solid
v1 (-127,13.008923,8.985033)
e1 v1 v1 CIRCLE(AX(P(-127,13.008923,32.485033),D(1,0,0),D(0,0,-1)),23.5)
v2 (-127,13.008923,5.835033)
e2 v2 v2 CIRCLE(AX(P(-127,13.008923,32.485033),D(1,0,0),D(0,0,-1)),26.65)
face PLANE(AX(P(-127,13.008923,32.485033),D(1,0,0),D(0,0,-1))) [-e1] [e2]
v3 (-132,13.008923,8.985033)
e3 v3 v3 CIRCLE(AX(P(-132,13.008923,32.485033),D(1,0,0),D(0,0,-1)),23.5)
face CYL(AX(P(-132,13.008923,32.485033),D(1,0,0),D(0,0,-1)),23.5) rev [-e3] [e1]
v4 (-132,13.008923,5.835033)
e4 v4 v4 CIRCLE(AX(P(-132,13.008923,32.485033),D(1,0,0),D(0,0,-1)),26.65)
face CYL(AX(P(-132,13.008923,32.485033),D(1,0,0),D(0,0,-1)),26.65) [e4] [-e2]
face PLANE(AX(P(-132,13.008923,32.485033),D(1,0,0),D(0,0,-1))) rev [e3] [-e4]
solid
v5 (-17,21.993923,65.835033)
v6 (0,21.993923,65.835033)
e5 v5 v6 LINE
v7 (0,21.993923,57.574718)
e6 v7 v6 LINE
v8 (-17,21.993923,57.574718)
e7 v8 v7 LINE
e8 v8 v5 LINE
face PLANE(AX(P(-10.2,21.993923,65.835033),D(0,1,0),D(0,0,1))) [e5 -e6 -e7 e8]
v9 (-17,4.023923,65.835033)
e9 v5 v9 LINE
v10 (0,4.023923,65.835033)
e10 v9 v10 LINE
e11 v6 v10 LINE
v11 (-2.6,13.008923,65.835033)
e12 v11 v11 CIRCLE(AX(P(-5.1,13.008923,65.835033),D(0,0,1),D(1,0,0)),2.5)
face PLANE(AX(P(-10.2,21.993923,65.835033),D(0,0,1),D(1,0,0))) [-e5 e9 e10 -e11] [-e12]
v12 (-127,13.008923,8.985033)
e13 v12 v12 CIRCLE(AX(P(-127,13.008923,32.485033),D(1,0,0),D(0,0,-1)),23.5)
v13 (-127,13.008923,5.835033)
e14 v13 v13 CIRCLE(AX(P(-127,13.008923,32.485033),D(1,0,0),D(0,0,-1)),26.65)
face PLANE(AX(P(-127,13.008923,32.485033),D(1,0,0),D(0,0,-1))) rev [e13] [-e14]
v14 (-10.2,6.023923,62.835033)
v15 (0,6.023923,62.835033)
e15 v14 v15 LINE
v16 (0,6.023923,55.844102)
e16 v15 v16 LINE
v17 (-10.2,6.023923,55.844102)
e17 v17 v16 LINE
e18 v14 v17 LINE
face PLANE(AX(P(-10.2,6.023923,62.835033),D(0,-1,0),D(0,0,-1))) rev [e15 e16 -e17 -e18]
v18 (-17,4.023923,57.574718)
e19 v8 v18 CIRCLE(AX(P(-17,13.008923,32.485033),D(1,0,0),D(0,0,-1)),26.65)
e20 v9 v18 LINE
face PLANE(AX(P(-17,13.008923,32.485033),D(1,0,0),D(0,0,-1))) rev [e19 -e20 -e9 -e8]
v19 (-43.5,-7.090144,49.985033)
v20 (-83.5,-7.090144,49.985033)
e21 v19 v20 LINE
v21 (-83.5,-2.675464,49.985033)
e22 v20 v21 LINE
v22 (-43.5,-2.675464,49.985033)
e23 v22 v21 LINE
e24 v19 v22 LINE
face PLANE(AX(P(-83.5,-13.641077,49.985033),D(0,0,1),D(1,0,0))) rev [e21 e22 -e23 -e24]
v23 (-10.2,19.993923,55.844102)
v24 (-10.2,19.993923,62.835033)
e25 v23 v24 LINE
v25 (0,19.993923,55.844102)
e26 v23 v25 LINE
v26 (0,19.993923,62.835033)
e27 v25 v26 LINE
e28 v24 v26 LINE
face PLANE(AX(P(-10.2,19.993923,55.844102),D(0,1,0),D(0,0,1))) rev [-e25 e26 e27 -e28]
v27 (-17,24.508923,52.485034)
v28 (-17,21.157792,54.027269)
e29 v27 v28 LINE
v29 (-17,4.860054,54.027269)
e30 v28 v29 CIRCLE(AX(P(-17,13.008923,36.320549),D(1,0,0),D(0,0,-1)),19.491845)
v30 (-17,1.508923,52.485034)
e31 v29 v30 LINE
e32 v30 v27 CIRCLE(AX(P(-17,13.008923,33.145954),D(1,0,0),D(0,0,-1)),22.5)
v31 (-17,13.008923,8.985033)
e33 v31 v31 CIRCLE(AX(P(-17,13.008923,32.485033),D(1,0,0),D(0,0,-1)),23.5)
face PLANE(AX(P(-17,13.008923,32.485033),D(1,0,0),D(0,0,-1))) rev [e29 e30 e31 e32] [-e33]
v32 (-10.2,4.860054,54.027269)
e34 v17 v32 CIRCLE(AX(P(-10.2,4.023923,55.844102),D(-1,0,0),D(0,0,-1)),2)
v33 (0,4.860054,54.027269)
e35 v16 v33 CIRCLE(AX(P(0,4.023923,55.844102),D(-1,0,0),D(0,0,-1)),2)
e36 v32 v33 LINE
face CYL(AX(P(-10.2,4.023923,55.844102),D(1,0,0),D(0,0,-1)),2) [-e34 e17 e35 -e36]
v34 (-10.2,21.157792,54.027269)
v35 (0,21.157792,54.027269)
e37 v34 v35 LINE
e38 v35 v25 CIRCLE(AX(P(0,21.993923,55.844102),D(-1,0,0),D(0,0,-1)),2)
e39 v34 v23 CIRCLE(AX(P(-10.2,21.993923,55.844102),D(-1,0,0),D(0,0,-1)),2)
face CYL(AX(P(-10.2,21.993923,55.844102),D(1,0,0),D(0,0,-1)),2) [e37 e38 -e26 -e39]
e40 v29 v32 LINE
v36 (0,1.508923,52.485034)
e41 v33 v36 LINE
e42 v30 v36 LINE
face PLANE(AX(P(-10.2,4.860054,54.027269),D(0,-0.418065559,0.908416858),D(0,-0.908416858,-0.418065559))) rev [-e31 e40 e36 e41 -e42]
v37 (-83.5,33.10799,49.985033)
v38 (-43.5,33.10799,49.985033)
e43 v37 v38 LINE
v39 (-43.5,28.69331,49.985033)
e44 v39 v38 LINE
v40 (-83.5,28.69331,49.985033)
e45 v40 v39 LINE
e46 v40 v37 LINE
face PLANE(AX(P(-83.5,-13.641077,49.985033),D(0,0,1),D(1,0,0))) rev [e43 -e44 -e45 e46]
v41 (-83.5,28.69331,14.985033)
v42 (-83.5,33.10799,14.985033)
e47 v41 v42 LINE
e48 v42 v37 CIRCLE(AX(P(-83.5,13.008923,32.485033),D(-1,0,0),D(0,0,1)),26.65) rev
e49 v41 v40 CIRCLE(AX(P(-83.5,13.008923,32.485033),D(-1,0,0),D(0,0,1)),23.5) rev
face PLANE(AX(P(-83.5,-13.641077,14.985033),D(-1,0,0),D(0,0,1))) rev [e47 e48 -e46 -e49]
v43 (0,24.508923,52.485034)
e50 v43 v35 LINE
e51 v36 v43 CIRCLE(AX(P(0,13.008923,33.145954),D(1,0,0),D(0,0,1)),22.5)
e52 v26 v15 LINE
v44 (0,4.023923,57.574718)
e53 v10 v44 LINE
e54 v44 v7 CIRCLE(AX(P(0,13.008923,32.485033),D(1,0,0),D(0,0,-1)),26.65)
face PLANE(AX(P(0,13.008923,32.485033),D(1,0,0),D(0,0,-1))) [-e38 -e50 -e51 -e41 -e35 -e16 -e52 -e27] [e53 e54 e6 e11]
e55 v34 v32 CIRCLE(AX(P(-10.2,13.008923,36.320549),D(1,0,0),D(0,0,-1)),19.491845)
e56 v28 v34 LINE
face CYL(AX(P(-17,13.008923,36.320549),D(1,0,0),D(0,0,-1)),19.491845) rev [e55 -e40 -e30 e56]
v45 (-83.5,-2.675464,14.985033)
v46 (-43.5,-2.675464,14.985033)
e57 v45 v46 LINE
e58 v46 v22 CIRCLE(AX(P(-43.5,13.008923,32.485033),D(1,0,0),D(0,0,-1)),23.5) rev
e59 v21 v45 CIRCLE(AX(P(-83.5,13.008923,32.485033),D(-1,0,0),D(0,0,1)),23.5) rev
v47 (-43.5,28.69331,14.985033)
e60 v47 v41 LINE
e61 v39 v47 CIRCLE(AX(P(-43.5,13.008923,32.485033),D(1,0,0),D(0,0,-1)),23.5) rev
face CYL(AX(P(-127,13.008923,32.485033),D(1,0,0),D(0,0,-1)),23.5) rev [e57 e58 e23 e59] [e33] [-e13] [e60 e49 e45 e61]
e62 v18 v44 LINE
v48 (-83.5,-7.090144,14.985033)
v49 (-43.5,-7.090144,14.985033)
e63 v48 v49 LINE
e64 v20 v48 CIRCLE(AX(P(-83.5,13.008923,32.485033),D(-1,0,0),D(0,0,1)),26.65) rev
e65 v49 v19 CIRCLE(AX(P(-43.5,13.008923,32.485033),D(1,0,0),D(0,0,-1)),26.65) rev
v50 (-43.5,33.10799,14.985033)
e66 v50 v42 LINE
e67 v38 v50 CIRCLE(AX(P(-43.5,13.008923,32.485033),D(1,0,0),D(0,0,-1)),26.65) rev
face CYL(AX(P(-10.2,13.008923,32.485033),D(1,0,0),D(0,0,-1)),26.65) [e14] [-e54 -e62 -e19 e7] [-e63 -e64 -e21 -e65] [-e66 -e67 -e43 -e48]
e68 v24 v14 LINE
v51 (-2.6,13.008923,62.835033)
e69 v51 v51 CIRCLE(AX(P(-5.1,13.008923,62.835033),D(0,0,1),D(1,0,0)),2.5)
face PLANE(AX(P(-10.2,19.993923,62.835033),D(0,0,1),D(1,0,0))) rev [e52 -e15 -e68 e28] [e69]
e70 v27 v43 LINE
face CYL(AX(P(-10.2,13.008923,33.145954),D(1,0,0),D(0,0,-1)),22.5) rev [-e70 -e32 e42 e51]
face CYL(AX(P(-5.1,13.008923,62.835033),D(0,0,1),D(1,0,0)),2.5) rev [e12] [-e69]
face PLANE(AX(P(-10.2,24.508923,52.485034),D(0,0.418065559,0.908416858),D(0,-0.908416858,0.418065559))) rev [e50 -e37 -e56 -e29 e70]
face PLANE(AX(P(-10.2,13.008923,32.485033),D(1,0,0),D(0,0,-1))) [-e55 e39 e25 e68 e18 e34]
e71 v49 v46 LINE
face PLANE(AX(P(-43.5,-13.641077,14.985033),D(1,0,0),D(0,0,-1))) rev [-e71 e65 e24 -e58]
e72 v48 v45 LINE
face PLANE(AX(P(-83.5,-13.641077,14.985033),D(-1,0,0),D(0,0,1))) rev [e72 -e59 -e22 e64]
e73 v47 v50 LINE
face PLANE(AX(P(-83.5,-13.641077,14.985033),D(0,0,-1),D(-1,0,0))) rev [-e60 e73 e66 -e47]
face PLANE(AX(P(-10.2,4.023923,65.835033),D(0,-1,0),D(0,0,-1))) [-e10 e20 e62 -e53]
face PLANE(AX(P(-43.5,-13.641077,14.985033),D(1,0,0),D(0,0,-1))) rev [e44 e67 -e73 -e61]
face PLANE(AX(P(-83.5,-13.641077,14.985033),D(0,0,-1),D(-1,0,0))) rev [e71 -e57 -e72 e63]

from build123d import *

# Parameters (mm, degrees)
BOSS_EXTRUDE4_DEPTH     = 10.2
CUT_EXTRUDE2_START      = 65.835033
SKETCH6_R               = 2.5
CUT_EXTRUDE2_DEPTH      = 3
BOSS_EXTRUDE2_START     = -10.2
BOSS_EXTRUDE2_DEPTH     = 6.8
BOSS_EXTRUDE3_START     = -17
SKETCH9_R               = 26.65
SKETCH9_R_2             = 23.5
BOSS_EXTRUDE3_DEPTH     = 110
BOSS_EXTRUDE5_START     = -127
SKETCH9_2_R             = 26.65
SKETCH9_2_R_2           = 23.5
BOSS_EXTRUDE5_DEPTH     = 5
CUT_EXTRUDE3_DEPTH      = 153.745152921
CUT_EXTRUDE3_DEPTH_BACK = 153.745152921
SKETCH11_W              = 40
SKETCH11_H              = 35


with BuildPart() as part:
    # Sketch2 → Boss-Extrude4 (new body)
    with BuildSketch(Plane(origin=(0, 0, 0), x_dir=(0, 0, -1), z_dir=(1, 0, 0))):
        with BuildLine():
            Line((-65.835032972, 21.993922963), (-65.835032972, 4.023922963))
            Line((-65.835032972, 4.023922963), (-57.574717605, 4.023922963))
            ThreePointArc((-57.574717605, 4.023922963), (-5.835032972, 13.008922963), (-57.574717605, 21.993922963))
            Line((-57.574717605, 21.993922963), (-65.835032972, 21.993922963))
        make_face()
        with BuildLine():
            Line((-62.835032972, 19.993922963), (-62.835032972, 6.023922963))
            Line((-62.835032972, 6.023922963), (-55.844102472, 6.023922963))
            ThreePointArc((-55.844102472, 6.023922963), (-54.765274922, 5.708004647), (-54.027268755, 4.860054081))
            Line((-54.027268755, 4.860054081), (-52.485033553, 1.508923075))
            ThreePointArc((-52.485033553, 1.508923075), (-10.645953881, 13.008922963), (-52.485033553, 24.508922852))
            Line((-52.485033553, 24.508922852), (-54.027268755, 21.157791846))
            ThreePointArc((-54.027268755, 21.157791846), (-54.765274922, 20.30984128), (-55.844102472, 19.993922963))
            Line((-55.844102472, 19.993922963), (-62.835032972, 19.993922963))
        make_face(mode=Mode.SUBTRACT)
    extrude(amount=-BOSS_EXTRUDE4_DEPTH)

    # Sketch6 → Cut-Extrude2 (cut)
    with BuildSketch(Plane.XY.offset(CUT_EXTRUDE2_START)):
        with Locations((-5.1, 13.008922963)):
            Circle(SKETCH6_R)
    extrude(amount=-CUT_EXTRUDE2_DEPTH, mode=Mode.SUBTRACT)

    # Sketch8 → Boss-Extrude2 (add)
    with BuildSketch(Plane(origin=(0, 0, 0), x_dir=(0, 0, -1), z_dir=(1, 0, 0)).offset(BOSS_EXTRUDE2_START)):
        with BuildLine():
            Line((-57.574717605, 21.993922963), (-65.835032972, 21.993922963))
            Line((-65.835032972, 21.993922963), (-65.835032972, 4.023922963))
            Line((-65.835032972, 4.023922963), (-57.574717605, 4.023922963))
            ThreePointArc((-57.574717605, 4.023922963), (-5.835032972, 13.008922963), (-57.574717605, 21.993922963))
        make_face()
        with BuildLine():
            Line((-54.027268755, 4.860054081), (-52.485033553, 1.508923075))
            ThreePointArc((-52.485033553, 1.508923075), (-10.645953881, 13.008922963), (-52.485033553, 24.508922852))
            Line((-52.485033553, 24.508922852), (-54.027268755, 21.157791846))
            ThreePointArc((-54.027268755, 21.157791846), (-55.812393115, 13.008922963), (-54.027268755, 4.860054081))
        make_face(mode=Mode.SUBTRACT)
    extrude(amount=-BOSS_EXTRUDE2_DEPTH)

    # Sketch9 → Boss-Extrude3 (add)
    with BuildSketch(Plane(origin=(0, 0, 0), x_dir=(0, 0, -1), z_dir=(1, 0, 0)).offset(BOSS_EXTRUDE3_START)):
        with Locations((-32.485032972, 13.008922963)):
            Circle(SKETCH9_R)
        with Locations((-32.485032972, 13.008922963)):
            Circle(SKETCH9_R_2, mode=Mode.SUBTRACT)
    extrude(amount=-BOSS_EXTRUDE3_DEPTH)

    # Sketch11 → Cut-Extrude3 (cut, two sides: drawn at the far end of the back side and taken through both)
    with BuildSketch(Plane(origin=(0, 0, 0), x_dir=(1, 0, 0), z_dir=(0, 1, 0)).offset(-CUT_EXTRUDE3_DEPTH_BACK)):
        with Locations((-63.5, -32.485032972)):
            Rectangle(SKETCH11_W, SKETCH11_H)
    extrude(amount=CUT_EXTRUDE3_DEPTH + CUT_EXTRUDE3_DEPTH_BACK, mode=Mode.SUBTRACT)


with BuildPart() as body_2:
    # Sketch9<2> → Boss-Extrude5 (new body)
    with BuildSketch(Plane(origin=(0, 0, 0), x_dir=(0, 0, -1), z_dir=(1, 0, 0)).offset(BOSS_EXTRUDE5_START)):
        with Locations((-32.485032972, 13.008922963)):
            Circle(SKETCH9_2_R)
        with Locations((-32.485032972, 13.008922963)):
            Circle(SKETCH9_2_R_2, mode=Mode.SUBTRACT)
    extrude(amount=-BOSS_EXTRUDE5_DEPTH)


solid = Compound([part.part, body_2.part])
